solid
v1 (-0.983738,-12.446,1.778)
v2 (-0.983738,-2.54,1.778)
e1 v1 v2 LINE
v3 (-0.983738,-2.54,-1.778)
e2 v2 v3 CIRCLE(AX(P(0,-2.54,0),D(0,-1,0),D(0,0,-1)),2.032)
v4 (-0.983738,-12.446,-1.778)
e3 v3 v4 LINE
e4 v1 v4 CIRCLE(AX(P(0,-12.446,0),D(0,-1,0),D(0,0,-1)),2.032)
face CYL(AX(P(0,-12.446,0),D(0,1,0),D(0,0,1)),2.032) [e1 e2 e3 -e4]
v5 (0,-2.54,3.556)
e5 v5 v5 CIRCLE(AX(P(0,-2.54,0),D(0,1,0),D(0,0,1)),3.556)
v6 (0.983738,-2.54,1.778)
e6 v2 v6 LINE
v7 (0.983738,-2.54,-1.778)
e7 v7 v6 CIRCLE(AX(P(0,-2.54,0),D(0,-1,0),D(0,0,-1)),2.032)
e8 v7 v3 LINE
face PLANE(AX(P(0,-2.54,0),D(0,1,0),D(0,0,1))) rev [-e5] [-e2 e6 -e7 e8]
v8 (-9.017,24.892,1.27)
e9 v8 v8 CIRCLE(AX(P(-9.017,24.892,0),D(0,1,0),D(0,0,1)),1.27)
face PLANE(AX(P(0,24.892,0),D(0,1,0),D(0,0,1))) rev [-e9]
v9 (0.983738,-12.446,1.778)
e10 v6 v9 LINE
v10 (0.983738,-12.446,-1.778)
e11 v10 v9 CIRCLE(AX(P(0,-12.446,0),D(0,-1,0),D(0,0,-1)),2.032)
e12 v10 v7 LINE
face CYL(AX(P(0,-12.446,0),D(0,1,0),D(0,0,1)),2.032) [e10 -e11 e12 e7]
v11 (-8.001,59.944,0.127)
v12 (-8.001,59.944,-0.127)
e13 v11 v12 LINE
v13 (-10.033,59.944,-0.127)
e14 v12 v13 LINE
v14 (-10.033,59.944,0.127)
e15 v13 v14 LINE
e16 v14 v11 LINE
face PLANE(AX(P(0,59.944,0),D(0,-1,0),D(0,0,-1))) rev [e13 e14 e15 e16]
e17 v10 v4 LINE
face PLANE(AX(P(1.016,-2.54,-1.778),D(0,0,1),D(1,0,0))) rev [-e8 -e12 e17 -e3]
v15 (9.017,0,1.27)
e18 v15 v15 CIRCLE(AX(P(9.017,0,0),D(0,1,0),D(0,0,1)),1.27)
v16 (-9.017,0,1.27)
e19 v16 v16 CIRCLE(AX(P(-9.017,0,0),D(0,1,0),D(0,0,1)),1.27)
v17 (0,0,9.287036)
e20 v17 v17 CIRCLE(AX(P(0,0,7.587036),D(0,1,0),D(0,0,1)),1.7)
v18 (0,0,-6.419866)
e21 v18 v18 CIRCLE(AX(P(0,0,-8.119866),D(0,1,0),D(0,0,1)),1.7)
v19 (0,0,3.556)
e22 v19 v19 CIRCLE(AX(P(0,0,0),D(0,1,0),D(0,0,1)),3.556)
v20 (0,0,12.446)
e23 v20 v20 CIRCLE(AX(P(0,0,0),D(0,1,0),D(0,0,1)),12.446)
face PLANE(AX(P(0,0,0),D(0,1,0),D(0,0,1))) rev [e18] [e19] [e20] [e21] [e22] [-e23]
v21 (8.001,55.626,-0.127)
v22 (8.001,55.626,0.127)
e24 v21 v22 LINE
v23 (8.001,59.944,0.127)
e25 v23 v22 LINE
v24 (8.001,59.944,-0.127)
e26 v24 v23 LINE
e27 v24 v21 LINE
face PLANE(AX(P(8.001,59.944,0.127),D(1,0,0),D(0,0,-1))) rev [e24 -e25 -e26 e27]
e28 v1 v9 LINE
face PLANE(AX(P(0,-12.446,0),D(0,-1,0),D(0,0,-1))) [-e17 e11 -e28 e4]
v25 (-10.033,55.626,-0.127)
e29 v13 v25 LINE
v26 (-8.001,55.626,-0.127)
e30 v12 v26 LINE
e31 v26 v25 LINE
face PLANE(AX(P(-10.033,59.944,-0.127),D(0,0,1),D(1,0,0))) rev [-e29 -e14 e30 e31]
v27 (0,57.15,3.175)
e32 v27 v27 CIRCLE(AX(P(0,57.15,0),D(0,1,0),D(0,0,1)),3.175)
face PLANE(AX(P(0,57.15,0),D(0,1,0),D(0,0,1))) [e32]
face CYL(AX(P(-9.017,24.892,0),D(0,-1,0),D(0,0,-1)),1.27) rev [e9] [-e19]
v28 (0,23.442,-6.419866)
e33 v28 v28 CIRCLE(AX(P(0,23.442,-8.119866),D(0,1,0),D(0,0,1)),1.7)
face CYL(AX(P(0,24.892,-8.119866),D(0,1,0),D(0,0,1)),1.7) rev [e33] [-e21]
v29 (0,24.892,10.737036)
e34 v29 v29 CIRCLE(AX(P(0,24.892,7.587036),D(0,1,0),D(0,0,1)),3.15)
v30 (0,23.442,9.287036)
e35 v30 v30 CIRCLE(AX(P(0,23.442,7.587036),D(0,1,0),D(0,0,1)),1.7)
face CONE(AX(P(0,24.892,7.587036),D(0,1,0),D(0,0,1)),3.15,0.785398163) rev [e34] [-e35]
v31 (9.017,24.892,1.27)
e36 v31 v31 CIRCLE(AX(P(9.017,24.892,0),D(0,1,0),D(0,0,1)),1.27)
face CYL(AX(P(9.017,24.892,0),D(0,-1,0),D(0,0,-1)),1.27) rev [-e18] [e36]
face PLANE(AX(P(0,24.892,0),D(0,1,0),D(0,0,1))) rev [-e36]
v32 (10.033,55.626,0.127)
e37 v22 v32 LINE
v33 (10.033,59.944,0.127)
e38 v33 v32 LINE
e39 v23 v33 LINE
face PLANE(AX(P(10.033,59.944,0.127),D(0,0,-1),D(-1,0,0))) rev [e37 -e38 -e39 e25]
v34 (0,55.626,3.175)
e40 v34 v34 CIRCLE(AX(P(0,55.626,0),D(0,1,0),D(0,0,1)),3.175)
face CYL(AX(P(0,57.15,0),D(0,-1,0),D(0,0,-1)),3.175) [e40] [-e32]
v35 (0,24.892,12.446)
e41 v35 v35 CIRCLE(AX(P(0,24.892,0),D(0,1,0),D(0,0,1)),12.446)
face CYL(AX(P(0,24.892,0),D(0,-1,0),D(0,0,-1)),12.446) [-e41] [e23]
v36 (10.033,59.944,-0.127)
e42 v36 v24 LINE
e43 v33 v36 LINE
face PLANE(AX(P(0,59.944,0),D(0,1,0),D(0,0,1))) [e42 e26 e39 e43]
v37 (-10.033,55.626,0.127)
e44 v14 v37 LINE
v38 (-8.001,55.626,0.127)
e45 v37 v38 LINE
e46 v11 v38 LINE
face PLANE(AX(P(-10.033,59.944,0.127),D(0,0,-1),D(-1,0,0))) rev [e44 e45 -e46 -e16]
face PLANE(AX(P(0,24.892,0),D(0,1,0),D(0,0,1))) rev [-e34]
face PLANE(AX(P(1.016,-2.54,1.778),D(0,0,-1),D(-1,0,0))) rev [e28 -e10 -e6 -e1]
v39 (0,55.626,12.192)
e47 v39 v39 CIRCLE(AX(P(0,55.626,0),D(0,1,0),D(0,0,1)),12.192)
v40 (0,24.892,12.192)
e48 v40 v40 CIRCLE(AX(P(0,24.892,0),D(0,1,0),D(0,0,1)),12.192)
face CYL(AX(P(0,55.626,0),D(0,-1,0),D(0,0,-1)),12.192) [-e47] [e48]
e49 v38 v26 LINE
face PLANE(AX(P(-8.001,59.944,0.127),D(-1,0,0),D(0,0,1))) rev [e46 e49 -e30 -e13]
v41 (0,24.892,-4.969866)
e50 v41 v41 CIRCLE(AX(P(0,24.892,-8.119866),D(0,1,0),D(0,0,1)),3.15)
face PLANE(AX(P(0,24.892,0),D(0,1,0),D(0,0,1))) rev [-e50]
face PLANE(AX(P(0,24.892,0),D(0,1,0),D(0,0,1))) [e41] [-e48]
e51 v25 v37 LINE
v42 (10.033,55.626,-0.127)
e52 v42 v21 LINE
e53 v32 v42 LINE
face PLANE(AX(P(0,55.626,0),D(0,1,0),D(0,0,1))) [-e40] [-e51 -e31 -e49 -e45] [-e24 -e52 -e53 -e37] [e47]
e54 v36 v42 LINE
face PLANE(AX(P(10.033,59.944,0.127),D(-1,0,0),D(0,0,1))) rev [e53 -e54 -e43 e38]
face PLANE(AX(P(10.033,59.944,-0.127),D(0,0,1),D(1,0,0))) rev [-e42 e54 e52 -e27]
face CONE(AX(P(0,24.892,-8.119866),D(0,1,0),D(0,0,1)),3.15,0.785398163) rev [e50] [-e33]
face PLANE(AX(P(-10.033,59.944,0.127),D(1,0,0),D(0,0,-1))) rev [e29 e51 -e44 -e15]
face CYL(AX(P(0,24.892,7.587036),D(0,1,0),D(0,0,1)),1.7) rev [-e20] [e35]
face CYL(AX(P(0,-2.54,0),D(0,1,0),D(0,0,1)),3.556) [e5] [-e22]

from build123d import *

# Parameters (mm, degrees)
SKETCH1_R                                       = 12.446
SKETCH1_R_2                                     = 1.27
BOSS_EXTRUDE1_DEPTH                             = 24.892
CSK_FOR_M3_FLAT_HEAD_MACHINE_SCREW1_D           = 3.4
CSK_FOR_M3_FLAT_HEAD_MACHINE_SCREW1_CSINK_D     = 6.3
CSK_FOR_M3_FLAT_HEAD_MACHINE_SCREW1_CSINK_ANGLE = 90
SKETCH5_R                                       = 12.192
BOSS_EXTRUDE2_DEPTH                             = 30.734
SKETCH6_R                                       = 3.556
BOSS_EXTRUDE3_DEPTH                             = 2.54
SKETCH7_R                                       = 2.032
BOSS_EXTRUDE4_DEPTH                             = 9.906
SKETCH8_W                                       = 2.032
SKETCH8_H                                       = 0.254
CUT_EXTRUDE2_DEPTH                              = 9.906
SKETCH9_R                                       = 3.175
BOSS_EXTRUDE5_DEPTH                             = 1.524
SKETCH10_W                                      = 2.032
SKETCH10_H                                      = 0.254
BOSS_EXTRUDE6_DEPTH                             = 4.318


with BuildPart() as part:
    # Sketch1 → Boss-Extrude1 (new body)
    with BuildSketch(Plane(origin=(0, 0, 0), x_dir=(1, 0, 0), z_dir=(0, 1, 0))):
        Circle(SKETCH1_R)
        with Locations((-9.017, 0)):
            Circle(SKETCH1_R_2, mode=Mode.SUBTRACT)
        with Locations((9.017, 0)):
            Circle(SKETCH1_R_2, mode=Mode.SUBTRACT)
    extrude(amount=BOSS_EXTRUDE1_DEPTH)

    # CSK for M3 Flat Head Machine Screw1 (through all)
    with Locations(Plane(origin=(0, 24.892, 0), x_dir=(1, 0, 0), z_dir=(0, 1, 0))):
        with Locations((0, 8.119865968), (0, -7.587036194)):
            CounterSinkHole(CSK_FOR_M3_FLAT_HEAD_MACHINE_SCREW1_D / 2, CSK_FOR_M3_FLAT_HEAD_MACHINE_SCREW1_CSINK_D / 2, counter_sink_angle=CSK_FOR_M3_FLAT_HEAD_MACHINE_SCREW1_CSINK_ANGLE)

    # Sketch5 → Boss-Extrude2 (add)
    with BuildSketch(Plane(origin=(0, 24.892, 0), x_dir=(1, 0, 0), z_dir=(0, 1, 0))):
        Circle(SKETCH5_R)
    extrude(amount=BOSS_EXTRUDE2_DEPTH)

    # Sketch6 → Boss-Extrude3 (add)
    with BuildSketch(Plane(origin=(0, 0, 0), x_dir=(1, 0, 0), z_dir=(0, 1, 0))):
        Circle(SKETCH6_R)
    extrude(amount=-BOSS_EXTRUDE3_DEPTH)

    # Sketch7 → Boss-Extrude4 (add)
    with BuildSketch(Plane(origin=(0, -2.54, 0), x_dir=(-1, 0, 0), z_dir=(0, -1, 0))):
        Circle(SKETCH7_R)
    extrude(amount=BOSS_EXTRUDE4_DEPTH)

    # Sketch8 → Cut-Extrude2 (cut)
    with BuildSketch(Plane(origin=(0, -12.446, 0), x_dir=(-1, 0, 0), z_dir=(0, -1, 0))):
        with Locations((0, -1.905)):
            Rectangle(SKETCH8_W, SKETCH8_H)
        with Locations((0, 1.905)):
            Rectangle(SKETCH8_W, SKETCH8_H)
    extrude(amount=-CUT_EXTRUDE2_DEPTH, mode=Mode.SUBTRACT)

    # Sketch9 → Boss-Extrude5 (add)
    with BuildSketch(Plane(origin=(0, 55.626, 0), x_dir=(1, 0, 0), z_dir=(0, 1, 0))):
        Circle(SKETCH9_R)
    extrude(amount=BOSS_EXTRUDE5_DEPTH)

    # Sketch10 → Boss-Extrude6 (add)
    with BuildSketch(Plane(origin=(0, 55.626, 0), x_dir=(1, 0, 0), z_dir=(0, 1, 0))):
        with Locations((-9.017, 0)):
            Rectangle(SKETCH10_W, SKETCH10_H)
        with Locations((9.017, 0)):
            Rectangle(SKETCH10_W, SKETCH10_H)
    extrude(amount=BOSS_EXTRUDE6_DEPTH)


solid = part.part
